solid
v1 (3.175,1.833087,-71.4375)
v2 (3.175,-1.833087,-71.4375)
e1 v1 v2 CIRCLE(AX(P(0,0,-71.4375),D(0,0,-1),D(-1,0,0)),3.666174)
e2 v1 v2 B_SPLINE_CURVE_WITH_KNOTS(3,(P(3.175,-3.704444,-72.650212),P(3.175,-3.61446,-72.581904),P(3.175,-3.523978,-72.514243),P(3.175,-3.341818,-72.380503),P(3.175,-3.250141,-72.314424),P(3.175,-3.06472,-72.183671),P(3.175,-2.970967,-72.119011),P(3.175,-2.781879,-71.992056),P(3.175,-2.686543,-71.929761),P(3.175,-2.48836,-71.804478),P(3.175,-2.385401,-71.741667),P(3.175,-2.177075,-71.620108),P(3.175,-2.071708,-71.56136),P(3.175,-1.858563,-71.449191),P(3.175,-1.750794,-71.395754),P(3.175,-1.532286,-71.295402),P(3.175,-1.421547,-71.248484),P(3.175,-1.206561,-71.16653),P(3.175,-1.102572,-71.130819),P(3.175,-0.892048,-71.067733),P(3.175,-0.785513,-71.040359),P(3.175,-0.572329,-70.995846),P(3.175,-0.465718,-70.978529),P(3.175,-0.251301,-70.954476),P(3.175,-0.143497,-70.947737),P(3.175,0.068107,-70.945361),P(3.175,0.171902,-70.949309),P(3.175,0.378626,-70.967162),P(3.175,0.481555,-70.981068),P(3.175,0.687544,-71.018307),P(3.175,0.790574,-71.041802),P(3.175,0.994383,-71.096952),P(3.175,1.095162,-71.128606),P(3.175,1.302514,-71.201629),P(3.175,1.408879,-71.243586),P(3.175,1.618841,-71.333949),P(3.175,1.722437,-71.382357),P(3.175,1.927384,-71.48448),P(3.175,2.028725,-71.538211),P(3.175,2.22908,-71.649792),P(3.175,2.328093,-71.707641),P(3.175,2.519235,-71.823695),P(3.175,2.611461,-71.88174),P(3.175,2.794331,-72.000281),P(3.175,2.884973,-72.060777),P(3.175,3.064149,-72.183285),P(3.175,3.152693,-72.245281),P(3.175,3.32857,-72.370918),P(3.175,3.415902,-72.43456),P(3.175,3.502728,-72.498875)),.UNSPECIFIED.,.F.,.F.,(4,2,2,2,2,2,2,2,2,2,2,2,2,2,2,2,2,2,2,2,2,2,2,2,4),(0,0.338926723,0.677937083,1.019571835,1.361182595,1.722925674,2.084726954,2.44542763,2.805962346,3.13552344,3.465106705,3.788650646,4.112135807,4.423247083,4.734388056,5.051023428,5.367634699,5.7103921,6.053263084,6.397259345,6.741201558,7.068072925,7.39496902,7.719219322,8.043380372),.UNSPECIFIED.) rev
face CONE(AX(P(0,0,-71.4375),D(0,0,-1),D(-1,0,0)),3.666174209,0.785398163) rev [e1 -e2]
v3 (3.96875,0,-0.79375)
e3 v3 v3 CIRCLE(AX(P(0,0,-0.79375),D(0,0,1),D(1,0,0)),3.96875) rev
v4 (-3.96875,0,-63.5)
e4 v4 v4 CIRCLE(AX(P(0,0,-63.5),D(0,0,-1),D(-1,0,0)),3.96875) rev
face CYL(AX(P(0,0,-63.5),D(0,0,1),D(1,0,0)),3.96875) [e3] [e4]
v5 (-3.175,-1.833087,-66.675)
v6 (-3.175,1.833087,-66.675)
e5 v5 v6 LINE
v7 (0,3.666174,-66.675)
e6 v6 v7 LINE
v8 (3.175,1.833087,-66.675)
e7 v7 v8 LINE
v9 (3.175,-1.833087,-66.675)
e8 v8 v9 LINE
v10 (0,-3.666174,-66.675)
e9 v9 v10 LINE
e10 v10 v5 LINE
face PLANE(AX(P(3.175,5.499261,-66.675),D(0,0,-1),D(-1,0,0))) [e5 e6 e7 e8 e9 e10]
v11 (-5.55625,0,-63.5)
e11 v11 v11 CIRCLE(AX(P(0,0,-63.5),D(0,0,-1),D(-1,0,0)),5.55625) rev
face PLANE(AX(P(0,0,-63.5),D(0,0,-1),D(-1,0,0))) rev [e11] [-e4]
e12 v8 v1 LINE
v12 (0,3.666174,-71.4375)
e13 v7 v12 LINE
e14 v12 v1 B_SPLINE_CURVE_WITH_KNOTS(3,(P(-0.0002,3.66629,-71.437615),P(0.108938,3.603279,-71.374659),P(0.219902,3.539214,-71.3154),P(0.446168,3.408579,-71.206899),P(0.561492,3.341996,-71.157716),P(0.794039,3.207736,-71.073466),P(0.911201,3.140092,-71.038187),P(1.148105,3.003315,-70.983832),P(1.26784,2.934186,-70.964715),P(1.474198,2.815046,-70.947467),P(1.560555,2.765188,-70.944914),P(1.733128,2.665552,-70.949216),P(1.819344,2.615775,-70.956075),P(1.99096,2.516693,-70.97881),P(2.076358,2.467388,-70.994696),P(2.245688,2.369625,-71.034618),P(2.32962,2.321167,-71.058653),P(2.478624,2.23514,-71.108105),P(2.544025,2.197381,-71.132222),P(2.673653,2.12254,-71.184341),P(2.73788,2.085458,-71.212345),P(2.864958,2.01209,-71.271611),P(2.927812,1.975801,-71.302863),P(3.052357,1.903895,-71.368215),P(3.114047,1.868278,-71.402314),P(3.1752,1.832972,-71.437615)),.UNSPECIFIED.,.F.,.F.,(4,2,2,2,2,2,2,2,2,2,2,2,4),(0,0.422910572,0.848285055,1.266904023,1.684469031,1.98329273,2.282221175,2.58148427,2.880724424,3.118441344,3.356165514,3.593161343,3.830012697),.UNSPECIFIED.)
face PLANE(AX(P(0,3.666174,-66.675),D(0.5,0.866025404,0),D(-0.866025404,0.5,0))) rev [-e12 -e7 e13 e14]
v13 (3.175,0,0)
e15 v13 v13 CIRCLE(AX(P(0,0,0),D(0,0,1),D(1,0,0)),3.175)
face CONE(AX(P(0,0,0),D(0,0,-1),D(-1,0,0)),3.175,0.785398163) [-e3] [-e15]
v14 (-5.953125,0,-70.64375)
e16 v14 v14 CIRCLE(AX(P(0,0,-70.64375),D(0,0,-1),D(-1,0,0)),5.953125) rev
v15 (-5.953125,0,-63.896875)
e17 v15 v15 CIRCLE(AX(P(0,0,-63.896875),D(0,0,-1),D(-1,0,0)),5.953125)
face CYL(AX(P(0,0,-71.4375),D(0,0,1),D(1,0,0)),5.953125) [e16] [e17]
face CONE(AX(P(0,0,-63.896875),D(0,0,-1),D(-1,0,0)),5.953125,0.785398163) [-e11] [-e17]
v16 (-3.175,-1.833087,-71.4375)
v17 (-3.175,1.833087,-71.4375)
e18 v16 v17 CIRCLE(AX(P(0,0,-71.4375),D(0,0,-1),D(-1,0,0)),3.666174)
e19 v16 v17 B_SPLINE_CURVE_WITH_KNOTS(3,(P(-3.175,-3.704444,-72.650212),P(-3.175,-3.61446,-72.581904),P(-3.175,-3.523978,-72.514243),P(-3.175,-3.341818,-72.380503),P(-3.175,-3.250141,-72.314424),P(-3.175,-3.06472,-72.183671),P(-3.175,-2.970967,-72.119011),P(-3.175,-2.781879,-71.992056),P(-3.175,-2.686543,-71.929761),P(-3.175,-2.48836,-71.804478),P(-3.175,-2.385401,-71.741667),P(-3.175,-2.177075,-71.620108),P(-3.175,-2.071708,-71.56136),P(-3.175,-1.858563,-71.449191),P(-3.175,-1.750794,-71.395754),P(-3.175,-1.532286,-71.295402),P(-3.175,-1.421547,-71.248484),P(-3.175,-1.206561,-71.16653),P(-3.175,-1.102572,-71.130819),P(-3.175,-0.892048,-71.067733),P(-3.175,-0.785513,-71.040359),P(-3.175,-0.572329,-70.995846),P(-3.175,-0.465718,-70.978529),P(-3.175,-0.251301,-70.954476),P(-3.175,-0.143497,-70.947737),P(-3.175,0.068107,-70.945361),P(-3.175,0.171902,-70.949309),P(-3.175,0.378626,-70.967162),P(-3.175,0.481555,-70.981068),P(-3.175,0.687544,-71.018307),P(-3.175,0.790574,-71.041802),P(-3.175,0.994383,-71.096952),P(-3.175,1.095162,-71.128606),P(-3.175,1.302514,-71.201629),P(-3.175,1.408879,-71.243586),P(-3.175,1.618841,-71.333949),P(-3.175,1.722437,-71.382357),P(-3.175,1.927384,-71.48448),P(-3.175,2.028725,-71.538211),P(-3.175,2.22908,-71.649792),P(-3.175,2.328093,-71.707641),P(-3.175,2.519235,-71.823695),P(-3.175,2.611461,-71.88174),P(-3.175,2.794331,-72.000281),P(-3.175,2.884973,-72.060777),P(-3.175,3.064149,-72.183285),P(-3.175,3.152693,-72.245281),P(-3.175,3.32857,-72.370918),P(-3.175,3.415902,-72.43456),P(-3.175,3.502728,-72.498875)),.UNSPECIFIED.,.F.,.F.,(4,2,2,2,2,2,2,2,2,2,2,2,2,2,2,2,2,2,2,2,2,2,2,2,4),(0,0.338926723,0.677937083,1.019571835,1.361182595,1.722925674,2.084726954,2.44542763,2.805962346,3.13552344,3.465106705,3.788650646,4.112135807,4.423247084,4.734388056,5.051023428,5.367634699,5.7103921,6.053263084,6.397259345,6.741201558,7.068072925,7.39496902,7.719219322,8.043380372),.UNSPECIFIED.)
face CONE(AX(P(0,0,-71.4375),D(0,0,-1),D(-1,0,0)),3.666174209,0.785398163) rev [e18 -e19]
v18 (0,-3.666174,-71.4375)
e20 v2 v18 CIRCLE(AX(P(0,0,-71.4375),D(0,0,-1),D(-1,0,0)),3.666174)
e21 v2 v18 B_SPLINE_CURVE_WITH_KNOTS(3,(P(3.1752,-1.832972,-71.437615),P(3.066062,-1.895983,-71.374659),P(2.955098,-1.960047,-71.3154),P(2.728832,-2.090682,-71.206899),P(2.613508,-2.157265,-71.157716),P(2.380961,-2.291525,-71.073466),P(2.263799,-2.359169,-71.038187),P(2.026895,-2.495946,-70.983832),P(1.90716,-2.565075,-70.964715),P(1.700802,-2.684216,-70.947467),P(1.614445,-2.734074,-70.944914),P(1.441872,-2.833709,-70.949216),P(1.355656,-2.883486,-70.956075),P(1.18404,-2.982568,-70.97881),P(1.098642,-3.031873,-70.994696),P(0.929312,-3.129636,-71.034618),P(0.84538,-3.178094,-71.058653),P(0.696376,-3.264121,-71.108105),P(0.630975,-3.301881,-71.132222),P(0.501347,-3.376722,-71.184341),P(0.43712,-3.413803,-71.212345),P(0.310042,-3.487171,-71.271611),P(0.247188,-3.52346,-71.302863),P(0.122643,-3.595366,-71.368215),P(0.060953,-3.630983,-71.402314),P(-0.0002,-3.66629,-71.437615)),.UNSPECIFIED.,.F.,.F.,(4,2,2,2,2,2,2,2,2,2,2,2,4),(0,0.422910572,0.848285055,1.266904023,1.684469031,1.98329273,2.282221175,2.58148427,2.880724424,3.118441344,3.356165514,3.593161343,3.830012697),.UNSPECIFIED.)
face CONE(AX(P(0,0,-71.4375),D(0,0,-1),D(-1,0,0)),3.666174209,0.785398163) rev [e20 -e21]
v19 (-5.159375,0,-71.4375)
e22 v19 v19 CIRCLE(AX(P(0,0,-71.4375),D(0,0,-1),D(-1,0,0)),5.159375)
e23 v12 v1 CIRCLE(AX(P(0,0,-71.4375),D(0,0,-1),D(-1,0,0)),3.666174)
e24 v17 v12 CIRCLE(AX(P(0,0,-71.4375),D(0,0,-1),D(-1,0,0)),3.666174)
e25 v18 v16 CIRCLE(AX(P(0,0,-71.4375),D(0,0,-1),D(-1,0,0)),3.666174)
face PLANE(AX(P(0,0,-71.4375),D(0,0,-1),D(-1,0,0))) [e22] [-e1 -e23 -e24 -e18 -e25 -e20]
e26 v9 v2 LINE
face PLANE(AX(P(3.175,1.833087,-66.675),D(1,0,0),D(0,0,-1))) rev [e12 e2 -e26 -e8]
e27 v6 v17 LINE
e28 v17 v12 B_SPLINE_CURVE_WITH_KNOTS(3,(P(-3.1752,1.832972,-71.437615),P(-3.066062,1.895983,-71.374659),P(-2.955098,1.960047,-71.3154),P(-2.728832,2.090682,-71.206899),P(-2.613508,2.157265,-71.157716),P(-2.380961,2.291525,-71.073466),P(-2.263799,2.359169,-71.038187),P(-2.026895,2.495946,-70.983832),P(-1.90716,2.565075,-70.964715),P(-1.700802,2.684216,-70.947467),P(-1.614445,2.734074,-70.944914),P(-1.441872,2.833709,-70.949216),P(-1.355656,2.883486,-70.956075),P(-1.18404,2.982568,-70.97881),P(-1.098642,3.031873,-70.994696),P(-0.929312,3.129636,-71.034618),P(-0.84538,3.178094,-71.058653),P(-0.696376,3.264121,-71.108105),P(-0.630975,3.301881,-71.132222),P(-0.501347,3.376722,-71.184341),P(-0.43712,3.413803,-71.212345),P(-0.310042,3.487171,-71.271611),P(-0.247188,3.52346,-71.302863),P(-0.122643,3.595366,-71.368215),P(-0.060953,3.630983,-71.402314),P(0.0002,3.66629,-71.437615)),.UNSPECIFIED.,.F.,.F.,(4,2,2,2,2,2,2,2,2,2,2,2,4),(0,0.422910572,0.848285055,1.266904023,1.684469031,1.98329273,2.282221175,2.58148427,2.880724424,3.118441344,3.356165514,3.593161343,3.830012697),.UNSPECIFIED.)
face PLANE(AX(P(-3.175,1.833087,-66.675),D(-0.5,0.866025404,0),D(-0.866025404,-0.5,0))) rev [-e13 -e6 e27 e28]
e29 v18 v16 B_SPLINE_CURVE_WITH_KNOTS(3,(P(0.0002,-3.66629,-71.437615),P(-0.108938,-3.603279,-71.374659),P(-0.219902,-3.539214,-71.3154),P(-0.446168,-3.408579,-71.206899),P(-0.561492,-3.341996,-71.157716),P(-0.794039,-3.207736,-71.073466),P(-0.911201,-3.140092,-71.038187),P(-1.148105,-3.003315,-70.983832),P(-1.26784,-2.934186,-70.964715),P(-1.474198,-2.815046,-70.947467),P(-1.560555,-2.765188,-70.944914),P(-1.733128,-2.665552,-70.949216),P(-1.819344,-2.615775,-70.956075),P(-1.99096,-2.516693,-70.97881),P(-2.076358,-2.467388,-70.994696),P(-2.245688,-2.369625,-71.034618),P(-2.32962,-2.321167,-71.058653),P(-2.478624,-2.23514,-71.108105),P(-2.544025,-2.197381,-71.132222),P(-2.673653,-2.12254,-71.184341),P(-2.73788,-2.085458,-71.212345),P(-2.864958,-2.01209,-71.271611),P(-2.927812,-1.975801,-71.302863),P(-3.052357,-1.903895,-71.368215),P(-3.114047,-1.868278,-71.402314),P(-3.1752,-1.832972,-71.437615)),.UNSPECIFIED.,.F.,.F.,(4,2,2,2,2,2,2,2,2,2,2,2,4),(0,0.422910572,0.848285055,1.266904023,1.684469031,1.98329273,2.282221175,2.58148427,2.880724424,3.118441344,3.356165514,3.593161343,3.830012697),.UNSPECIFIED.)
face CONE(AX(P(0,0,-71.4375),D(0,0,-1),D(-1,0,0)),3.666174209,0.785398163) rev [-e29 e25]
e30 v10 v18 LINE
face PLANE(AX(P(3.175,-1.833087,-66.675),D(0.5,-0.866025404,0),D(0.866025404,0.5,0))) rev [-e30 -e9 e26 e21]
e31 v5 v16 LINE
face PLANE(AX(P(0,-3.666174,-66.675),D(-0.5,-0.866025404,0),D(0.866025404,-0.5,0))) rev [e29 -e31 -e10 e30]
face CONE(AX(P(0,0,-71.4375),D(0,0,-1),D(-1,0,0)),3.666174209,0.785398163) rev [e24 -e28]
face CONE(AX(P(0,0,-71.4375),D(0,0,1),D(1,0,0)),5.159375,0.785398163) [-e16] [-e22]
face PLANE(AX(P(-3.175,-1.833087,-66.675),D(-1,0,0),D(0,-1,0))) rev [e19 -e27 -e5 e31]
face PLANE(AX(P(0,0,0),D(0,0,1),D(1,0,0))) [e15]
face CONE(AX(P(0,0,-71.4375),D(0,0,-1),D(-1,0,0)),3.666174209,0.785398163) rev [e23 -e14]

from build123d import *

# Parameters (mm, degrees)
SKETCH1_R          = 3.96875
EXTRUDE1_DEPTH     = 63.5
CHAMFER3_SIZE      = 0.79375
SKETCH6_R          = 5.953125
EXTRUDE2_DEPTH     = 7.9375
CUT_EXTRUDE1_DEPTH = 4.7625
SKETCH8_R          = 3.666174209
CUT_EXTRUDE2_DEPTH = 0.79375
CUT_EXTRUDE2_DRAFT = -45
CHAMFER1_SIZE      = 0.79375
CHAMFER2_SIZE      = 0.396875


with BuildPart() as part:
    # Sketch1 → Extrude1 (new body)
    with BuildSketch(Plane.XY):
        Circle(SKETCH1_R)
    extrude(amount=-EXTRUDE1_DEPTH)

    # Chamfer3
    chamfer3_edges = [part.edges().sort_by_distance(p)[0] for p in [
        (-3.96875, 0, 0),
    ]]
    chamfer(chamfer3_edges, length=CHAMFER3_SIZE)

    # Sketch5 → partially thread (revolve)
    with BuildSketch(Plane(origin=(0, 0, 0), x_dir=(0, 0, -1), z_dir=(1, 0, 0))):
        Polygon((63.5, 3.96875), (28.575, 3.96875), (24.60625, 0), (28.575, 0), (63.5, 0), align=None)
    revolve(axis=Axis((0, 0, 0), (0, 0, -1)))

    # Sketch6 → Extrude2 (add)
    with BuildSketch(Plane(origin=(0, 0, -63.5), x_dir=(-1, 0, 0), z_dir=(0, 0, -1))):
        Circle(SKETCH6_R)
    extrude(amount=EXTRUDE2_DEPTH)

    # Sketch7 → Cut-Extrude1 (cut)
    with BuildSketch(Plane(origin=(0, 0, -71.4375), x_dir=(-1, 0, 0), z_dir=(0, 0, -1))):
        Polygon((0, 3.666174209), (-3.175, 1.833087105), (-3.175, -1.833087105), (0, -3.666174209), (3.175, -1.833087105), (3.175, 1.833087105), align=None)
    extrude(amount=-CUT_EXTRUDE1_DEPTH, mode=Mode.SUBTRACT)


with BuildPart() as cut_extrude2_tool:
    # Sketch8 → Cut-Extrude2 (with draft: the straight prism first)
    with BuildSketch(Plane(origin=(0, 0, -71.4375), x_dir=(-1, 0, 0), z_dir=(0, 0, -1))):
        Circle(SKETCH8_R)
    extrude(amount=-CUT_EXTRUDE2_DEPTH)
    # Cut-Extrude2: the draft: its side faces are tilted about the plane it starts from
    cut_extrude2_sides = [cut_extrude2_tool.faces().sort_by_distance(p)[0] for p in [
        (3.666174209, 0, -71.040625),
    ]]
    draft(cut_extrude2_sides, Plane(origin=(0, 0, -71.4375), x_dir=(-1, 0, 0), z_dir=(0, 0, -1)), CUT_EXTRUDE2_DRAFT)


with BuildPart() as part_1:
    add(part.part)

    # Cut-Extrude2: cut by cut_extrude2_tool
    add(cut_extrude2_tool.part, mode=Mode.SUBTRACT)

    # Chamfer1
    chamfer1_edges = [part_1.edges().sort_by_distance(p)[0] for p in [
        (5.953125, 0, -71.4375),
    ]]
    chamfer(chamfer1_edges, length=CHAMFER1_SIZE)

    # Chamfer2
    chamfer2_edges = [part_1.edges().sort_by_distance(p)[0] for p in [
        (5.953125, 0, -63.5),
    ]]
    chamfer(chamfer2_edges, length=CHAMFER2_SIZE)


solid = part_1.part
